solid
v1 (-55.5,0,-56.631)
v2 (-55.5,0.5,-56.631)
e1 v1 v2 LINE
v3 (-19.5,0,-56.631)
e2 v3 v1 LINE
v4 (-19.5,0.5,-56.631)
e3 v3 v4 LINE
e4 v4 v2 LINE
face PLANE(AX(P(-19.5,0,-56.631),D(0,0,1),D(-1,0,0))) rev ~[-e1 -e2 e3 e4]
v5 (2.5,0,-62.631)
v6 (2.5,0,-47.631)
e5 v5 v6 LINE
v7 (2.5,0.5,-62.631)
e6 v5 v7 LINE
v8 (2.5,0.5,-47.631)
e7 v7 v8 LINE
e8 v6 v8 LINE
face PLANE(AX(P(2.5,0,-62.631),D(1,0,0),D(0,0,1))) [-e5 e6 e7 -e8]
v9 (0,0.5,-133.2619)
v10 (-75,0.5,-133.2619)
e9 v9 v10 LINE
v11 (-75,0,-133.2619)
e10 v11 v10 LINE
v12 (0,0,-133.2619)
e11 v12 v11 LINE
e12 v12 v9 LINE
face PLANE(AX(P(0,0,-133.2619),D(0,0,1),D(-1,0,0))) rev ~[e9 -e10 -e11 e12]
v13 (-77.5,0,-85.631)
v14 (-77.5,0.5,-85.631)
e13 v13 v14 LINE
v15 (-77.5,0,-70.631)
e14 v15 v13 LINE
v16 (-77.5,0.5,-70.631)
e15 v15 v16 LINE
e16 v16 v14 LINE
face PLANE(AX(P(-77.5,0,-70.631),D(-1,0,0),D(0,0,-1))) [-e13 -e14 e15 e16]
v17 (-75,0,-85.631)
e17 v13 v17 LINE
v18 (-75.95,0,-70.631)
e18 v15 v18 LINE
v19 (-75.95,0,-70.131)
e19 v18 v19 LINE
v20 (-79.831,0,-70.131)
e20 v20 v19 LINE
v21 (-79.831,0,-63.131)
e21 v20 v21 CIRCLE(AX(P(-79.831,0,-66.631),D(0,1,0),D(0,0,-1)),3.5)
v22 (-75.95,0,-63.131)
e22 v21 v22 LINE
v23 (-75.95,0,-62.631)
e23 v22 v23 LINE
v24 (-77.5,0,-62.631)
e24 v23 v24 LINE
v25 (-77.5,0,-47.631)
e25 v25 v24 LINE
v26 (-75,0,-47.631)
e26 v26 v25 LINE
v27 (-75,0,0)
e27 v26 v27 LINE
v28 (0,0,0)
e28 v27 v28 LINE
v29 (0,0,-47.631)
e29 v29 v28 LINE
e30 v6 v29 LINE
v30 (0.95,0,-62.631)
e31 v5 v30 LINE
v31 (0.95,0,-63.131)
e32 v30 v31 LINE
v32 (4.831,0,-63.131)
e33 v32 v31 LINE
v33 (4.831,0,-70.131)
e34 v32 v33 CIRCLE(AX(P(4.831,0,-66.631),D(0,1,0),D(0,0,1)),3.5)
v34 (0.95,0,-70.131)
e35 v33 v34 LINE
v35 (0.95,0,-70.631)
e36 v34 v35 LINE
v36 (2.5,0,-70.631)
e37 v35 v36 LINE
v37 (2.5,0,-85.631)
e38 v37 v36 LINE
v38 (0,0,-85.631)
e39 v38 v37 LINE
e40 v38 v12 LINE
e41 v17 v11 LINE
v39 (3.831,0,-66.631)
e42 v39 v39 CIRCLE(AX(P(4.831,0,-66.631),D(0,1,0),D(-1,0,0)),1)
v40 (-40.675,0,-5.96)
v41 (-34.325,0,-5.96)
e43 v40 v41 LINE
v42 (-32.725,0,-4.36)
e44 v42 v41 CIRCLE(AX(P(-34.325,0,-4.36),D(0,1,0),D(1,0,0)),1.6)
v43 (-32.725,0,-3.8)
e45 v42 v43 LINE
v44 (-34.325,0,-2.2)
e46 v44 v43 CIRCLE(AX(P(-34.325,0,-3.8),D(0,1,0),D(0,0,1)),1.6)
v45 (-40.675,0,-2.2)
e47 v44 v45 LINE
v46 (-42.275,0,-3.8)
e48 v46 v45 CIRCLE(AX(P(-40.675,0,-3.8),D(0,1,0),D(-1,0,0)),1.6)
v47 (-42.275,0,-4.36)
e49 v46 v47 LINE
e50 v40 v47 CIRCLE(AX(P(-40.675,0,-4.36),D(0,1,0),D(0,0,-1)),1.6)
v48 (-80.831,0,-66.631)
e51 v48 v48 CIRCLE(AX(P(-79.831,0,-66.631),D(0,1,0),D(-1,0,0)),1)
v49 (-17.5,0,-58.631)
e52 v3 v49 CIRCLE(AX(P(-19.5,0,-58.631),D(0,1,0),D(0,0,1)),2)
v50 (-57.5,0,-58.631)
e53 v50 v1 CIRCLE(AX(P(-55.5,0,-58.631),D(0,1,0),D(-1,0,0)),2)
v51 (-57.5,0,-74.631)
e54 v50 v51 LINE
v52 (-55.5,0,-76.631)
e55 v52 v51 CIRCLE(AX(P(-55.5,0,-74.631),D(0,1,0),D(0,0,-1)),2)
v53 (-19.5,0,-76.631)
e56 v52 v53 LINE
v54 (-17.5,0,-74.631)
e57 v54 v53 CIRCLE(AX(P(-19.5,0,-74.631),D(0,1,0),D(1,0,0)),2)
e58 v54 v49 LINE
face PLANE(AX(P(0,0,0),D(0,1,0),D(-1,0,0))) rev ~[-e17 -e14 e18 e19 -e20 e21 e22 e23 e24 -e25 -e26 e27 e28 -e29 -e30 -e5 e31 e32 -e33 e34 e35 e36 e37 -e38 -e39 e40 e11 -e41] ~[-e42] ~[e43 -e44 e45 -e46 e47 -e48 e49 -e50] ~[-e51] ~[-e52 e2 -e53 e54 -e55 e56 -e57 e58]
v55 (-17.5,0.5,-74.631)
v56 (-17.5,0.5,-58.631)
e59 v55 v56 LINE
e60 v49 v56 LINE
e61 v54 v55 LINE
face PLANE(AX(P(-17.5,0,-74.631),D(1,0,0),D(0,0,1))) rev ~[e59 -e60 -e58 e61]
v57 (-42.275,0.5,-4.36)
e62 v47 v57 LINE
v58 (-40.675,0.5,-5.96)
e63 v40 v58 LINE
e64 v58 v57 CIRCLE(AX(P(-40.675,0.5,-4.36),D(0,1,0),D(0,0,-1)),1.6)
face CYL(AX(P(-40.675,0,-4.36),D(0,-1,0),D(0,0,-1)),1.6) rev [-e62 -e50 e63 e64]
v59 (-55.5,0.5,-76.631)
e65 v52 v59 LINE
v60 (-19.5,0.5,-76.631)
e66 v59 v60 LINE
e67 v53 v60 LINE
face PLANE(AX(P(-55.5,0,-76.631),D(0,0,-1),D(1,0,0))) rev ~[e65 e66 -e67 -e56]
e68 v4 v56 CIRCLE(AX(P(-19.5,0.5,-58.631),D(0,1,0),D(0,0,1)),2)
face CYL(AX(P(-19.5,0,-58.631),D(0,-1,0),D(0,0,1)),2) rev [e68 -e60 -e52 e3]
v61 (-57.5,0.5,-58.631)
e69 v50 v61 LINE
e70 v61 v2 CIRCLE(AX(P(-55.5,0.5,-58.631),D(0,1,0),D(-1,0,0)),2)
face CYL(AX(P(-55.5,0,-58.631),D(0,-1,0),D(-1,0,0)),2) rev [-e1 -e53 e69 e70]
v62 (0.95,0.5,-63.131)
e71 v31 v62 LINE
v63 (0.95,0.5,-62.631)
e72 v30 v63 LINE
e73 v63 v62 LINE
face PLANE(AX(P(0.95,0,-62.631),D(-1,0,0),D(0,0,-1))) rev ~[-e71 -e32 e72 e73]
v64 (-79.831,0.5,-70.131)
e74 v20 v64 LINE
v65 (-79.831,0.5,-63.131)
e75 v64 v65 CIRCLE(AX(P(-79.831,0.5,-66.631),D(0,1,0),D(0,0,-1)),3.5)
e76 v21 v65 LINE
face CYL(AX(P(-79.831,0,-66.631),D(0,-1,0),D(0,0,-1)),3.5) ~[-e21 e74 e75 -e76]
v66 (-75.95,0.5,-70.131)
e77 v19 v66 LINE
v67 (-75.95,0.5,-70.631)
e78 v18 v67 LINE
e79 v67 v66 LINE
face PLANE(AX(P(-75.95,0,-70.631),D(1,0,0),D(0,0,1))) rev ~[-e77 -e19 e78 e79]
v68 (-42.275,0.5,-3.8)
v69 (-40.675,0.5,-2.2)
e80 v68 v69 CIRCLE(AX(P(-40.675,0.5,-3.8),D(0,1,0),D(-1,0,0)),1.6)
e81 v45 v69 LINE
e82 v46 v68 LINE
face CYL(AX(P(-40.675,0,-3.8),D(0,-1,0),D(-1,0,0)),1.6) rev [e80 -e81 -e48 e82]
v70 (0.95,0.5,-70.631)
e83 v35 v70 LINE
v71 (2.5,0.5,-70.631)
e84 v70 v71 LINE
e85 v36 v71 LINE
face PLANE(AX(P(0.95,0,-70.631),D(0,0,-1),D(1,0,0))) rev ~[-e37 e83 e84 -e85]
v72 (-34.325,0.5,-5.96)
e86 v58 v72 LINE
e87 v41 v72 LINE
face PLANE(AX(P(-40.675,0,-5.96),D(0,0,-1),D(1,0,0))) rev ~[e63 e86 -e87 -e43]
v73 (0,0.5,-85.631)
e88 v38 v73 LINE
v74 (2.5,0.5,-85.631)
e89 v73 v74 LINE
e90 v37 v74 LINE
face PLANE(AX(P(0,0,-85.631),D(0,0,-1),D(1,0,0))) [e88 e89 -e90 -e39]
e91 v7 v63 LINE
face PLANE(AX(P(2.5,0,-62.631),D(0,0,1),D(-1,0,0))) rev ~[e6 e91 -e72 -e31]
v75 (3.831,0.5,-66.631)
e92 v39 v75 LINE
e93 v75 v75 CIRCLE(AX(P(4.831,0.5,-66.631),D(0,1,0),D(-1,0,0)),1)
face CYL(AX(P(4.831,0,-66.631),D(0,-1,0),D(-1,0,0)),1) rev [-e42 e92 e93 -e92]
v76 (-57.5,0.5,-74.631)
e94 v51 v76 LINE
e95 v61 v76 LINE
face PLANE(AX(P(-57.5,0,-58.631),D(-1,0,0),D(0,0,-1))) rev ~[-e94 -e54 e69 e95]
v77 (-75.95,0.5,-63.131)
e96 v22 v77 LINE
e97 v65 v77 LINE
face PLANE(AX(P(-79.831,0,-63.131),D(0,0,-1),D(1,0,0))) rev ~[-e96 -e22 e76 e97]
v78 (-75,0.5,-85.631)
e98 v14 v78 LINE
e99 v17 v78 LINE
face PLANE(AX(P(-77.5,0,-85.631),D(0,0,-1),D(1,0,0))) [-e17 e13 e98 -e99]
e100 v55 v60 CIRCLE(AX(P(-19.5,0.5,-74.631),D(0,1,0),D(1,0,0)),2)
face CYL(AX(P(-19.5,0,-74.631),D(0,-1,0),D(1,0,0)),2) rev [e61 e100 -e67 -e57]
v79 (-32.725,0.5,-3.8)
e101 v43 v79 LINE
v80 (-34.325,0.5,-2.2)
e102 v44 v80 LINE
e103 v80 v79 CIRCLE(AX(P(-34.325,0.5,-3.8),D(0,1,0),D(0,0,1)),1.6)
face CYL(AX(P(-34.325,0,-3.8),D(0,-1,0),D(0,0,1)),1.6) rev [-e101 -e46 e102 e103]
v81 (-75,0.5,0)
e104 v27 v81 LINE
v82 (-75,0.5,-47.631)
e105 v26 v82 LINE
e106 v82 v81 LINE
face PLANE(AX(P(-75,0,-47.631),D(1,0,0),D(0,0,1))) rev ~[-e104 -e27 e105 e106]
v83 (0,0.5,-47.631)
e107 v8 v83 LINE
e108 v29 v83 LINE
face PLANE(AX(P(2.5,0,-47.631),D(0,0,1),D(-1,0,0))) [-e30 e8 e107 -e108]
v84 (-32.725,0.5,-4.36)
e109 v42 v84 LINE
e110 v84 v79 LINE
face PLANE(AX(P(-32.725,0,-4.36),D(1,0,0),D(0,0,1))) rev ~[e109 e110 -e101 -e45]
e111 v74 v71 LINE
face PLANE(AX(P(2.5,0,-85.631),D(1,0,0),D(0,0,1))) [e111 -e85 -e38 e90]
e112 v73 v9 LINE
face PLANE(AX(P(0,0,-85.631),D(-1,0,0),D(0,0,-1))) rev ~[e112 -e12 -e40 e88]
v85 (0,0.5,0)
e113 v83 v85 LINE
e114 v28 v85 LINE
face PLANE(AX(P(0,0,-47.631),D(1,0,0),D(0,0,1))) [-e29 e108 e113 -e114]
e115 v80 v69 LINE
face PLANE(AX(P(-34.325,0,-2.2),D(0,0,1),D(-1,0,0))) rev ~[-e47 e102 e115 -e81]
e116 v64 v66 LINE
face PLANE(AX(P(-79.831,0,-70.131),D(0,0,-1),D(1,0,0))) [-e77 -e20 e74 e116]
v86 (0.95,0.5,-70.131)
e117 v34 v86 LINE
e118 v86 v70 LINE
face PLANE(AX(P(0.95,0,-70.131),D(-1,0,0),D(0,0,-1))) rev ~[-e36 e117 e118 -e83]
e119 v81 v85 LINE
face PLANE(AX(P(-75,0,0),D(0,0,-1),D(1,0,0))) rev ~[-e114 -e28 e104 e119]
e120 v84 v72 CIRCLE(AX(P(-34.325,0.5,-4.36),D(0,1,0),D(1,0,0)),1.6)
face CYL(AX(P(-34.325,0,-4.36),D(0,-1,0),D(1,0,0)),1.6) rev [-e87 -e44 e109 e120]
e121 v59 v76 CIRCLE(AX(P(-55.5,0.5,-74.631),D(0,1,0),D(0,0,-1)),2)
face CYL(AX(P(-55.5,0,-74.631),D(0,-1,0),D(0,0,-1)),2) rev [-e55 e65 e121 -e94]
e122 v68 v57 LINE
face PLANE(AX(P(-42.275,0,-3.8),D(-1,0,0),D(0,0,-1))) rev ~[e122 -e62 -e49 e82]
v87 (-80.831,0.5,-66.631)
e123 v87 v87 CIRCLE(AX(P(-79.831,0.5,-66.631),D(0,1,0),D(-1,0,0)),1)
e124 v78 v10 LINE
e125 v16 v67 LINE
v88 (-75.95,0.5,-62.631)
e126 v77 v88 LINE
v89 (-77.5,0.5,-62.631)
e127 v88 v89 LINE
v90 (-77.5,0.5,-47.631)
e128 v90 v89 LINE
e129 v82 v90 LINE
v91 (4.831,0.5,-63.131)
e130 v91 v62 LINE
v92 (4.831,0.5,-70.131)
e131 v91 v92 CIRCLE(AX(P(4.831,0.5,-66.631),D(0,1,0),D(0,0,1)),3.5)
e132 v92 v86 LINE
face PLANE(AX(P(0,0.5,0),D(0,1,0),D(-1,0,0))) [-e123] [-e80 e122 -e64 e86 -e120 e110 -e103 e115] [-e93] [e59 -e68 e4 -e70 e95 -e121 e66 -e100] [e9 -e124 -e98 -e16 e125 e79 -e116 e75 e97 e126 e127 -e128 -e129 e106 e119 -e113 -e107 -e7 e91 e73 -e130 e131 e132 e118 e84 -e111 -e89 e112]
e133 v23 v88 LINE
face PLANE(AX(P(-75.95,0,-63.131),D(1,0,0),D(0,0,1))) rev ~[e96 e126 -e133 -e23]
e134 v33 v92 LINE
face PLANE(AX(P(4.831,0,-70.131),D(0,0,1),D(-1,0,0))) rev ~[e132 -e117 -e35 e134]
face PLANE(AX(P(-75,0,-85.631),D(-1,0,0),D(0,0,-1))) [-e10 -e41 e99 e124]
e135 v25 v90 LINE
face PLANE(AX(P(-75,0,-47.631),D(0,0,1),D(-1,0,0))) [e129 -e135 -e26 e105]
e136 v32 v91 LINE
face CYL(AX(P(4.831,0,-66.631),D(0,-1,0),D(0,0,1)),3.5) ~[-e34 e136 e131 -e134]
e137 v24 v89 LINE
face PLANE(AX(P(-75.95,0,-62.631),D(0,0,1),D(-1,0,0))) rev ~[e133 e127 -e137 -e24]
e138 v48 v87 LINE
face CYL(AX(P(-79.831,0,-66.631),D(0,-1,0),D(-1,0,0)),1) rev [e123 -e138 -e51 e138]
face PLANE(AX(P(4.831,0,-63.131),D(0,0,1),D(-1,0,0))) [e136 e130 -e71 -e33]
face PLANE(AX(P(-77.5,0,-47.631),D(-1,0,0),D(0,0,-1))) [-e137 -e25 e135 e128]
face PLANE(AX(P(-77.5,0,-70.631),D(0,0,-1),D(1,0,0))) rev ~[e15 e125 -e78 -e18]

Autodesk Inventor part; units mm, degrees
ref_plane "YZ Plane" through (0, 0, 0) normal (1, 0, 0) x (0, 1, 0)
ref_plane "XZ Plane" through (0, 0, 0) normal (0, 1, 0) x (-1, 0, 0)
ref_plane "XY Plane" through (0, 0, 0) normal (0, 0, 1) x (1, 0, 0)
sketch "Эскиз1" plane through (0, 0, 0) normal (0, 1, 0) x (-1, 0, 0)
  line L0 (42.275, -3.8) -> (42.275, -4.36)
  arc A0 (40.675, -5.96) -> (42.275, -4.36) centre (40.675, -4.36) ccw
  line L1 (40.675, -5.96) -> (34.325, -5.96)
  arc A1 (32.725, -4.36) -> (34.325, -5.96) centre (34.325, -4.36) ccw
  line L2 (32.725, -4.36) -> (32.725, -3.8)
  arc A2 (34.325, -2.2) -> (32.725, -3.8) centre (34.325, -3.8) ccw
  line L3 (34.325, -2.2) -> (40.675, -2.2)
  arc A3 (42.275, -3.8) -> (40.675, -2.2) centre (40.675, -3.8) ccw
  arc A4 (55.5, -76.631) -> (57.5, -74.631) centre (55.5, -74.631) ccw
  line L4 (55.5, -76.631) -> (19.5, -76.631)
  arc A5 (17.5, -74.631) -> (19.5, -76.631) centre (19.5, -74.631) ccw
  line L5 (17.5, -74.631) -> (17.5, -58.631)
  arc A6 (19.5, -56.631) -> (17.5, -58.631) centre (19.5, -58.631) ccw
  line L6 (19.5, -56.631) -> (55.5, -56.631)
  arc A7 (57.5, -58.631) -> (55.5, -56.631) centre (55.5, -58.631) ccw
  line L7 (57.5, -58.631) -> (57.5, -74.631)
  line L8 (77.5, -85.631) -> (75, -85.631)
  line L9 (75, -47.631) -> (77.5, -47.631)
  line L10 (75, -47.631) -> (75, 0)
  line L11 (75, 0) -> (0, 0)
  line L12 (0, -47.631) -> (0, 0)
  line L13 (-2.5, -47.631) -> (0, -47.631)
  line L14 (0, -85.631) -> (-2.5, -85.631)
  line L15 (0, -85.631) -> (0, -133.2619)
  line L16 (0, -133.2619) -> (75, -133.2619)
  line L17 (75, -85.631) -> (75, -133.2619)
  line L18 (-0.95, -70.631) -> (-2.5, -70.631)
  line L19 (-2.5, -85.631) -> (-2.5, -70.631)
  line L20 (-2.5, -62.631) -> (-2.5, -47.631)
  line L21 (-2.5, -62.631) -> (-0.95, -62.631)
  line L22 (-0.95, -62.631) -> (-0.95, -63.131)
  line L23 (-4.831, -63.131) -> (-0.95, -63.131)
  line L24 (-4.831, -70.131) -> (-0.95, -70.131)
  line L25 (-0.95, -70.131) -> (-0.95, -70.631)
  arc A8 (-4.831, -63.131) -> (-4.831, -70.131) centre (-4.831, -66.631) ccw
  line L26 (77.5, -70.631) -> (77.5, -85.631)
  line L27 (77.5, -70.631) -> (75.95, -70.631)
  line L28 (75.95, -70.631) -> (75.95, -70.131)
  line L29 (79.831, -70.131) -> (75.95, -70.131)
  arc A9 (79.831, -70.131) -> (79.831, -63.131) centre (79.831, -66.631) ccw
  line L30 (79.831, -63.131) -> (75.95, -63.131)
  line L31 (75.95, -63.131) -> (75.95, -62.631)
  line L32 (75.95, -62.631) -> (77.5, -62.631)
  line L33 (77.5, -47.631) -> (77.5, -62.631)
  arc A10 (55.5, -76.631) -> (57.5, -74.631) centre (55.5, -74.631) ccw
  line L34 (57.5, -74.631) -> (57.5, -58.631)
  arc A11 (57.5, -58.631) -> (55.5, -56.631) centre (55.5, -58.631) ccw
  line L35 (55.5, -56.631) -> (19.5, -56.631)
  arc A12 (19.5, -56.631) -> (17.5, -58.631) centre (19.5, -58.631) ccw
  line L36 (17.5, -58.631) -> (17.5, -74.631)
  arc A13 (17.5, -74.631) -> (19.5, -76.631) centre (19.5, -74.631) ccw
  line L37 (19.5, -76.631) -> (55.5, -76.631)
  circle A14 centre (79.831, -66.631) radius 1
  circle A15 centre (-4.831, -66.631) radius 1
  line L38 (42.275, -4.36) -> (42.275, -3.8)
  arc A16 (42.275, -3.8) -> (40.675, -2.2) centre (40.675, -3.8) ccw
  line L39 (40.675, -2.2) -> (34.325, -2.2)
  arc A17 (34.325, -2.2) -> (32.725, -3.8) centre (34.325, -3.8) ccw
  line L40 (32.725, -3.8) -> (32.725, -4.36)
  arc A18 (32.725, -4.36) -> (34.325, -5.96) centre (34.325, -4.36) ccw
  line L41 (34.325, -5.96) -> (40.675, -5.96)
  arc A19 (40.675, -5.96) -> (42.275, -4.36) centre (40.675, -4.36) ccw
  line L42 (0, 0) -> (0, -47.631)
  line L43 (75, 0) -> (0, 0)
  line L44 (75, -47.631) -> (75, 0)
  line L45 (75, -47.631) -> (77.5, -47.631)
  line L46 (77.5, -62.631) -> (77.5, -47.631)
  line L47 (77.5, -62.631) -> (75.95, -62.631)
  line L48 (75.95, -62.631) -> (75.95, -63.131)
  line L49 (75.95, -63.131) -> (79.831, -63.131)
  arc A20 (79.831, -70.131) -> (79.831, -63.131) centre (79.831, -66.631) ccw
  line L50 (79.831, -70.131) -> (75.95, -70.131)
  line L51 (75.95, -70.131) -> (75.95, -70.631)
  line L52 (75.95, -70.631) -> (77.5, -70.631)
  line L53 (77.5, -85.631) -> (77.5, -70.631)
  line L54 (75, -85.631) -> (77.5, -85.631)
  line L55 (75, -133.2619) -> (75, -85.631)
  line L56 (0, -133.2619) -> (75, -133.2619)
  line L57 (0, -85.631) -> (0, -133.2619)
  line L58 (-2.5, -85.631) -> (0, -85.631)
  line L59 (-2.5, -70.631) -> (-2.5, -85.631)
  line L60 (-2.5, -70.631) -> (-0.95, -70.631)
  line L61 (-0.95, -70.631) -> (-0.95, -70.131)
  line L62 (-4.831, -70.131) -> (-0.95, -70.131)
  arc A21 (-4.831, -63.131) -> (-4.831, -70.131) centre (-4.831, -66.631) ccw
  line L63 (-4.831, -63.131) -> (-0.95, -63.131)
  line L64 (-0.95, -63.131) -> (-0.95, -62.631)
  line L65 (-0.95, -62.631) -> (-2.5, -62.631)
  line L66 (-2.5, -47.631) -> (-2.5, -62.631)
  line L67 (-2.5, -47.631) -> (0, -47.631)
  point P0 (40.675, -5.96)
  point P1 (34.325, -5.96)
  point P2 (34.325, -2.2)
extrude "Выдавливание1" add sketch "Эскиз1" along normal blind 0.5
properties part number "metal_body_forPrint"
